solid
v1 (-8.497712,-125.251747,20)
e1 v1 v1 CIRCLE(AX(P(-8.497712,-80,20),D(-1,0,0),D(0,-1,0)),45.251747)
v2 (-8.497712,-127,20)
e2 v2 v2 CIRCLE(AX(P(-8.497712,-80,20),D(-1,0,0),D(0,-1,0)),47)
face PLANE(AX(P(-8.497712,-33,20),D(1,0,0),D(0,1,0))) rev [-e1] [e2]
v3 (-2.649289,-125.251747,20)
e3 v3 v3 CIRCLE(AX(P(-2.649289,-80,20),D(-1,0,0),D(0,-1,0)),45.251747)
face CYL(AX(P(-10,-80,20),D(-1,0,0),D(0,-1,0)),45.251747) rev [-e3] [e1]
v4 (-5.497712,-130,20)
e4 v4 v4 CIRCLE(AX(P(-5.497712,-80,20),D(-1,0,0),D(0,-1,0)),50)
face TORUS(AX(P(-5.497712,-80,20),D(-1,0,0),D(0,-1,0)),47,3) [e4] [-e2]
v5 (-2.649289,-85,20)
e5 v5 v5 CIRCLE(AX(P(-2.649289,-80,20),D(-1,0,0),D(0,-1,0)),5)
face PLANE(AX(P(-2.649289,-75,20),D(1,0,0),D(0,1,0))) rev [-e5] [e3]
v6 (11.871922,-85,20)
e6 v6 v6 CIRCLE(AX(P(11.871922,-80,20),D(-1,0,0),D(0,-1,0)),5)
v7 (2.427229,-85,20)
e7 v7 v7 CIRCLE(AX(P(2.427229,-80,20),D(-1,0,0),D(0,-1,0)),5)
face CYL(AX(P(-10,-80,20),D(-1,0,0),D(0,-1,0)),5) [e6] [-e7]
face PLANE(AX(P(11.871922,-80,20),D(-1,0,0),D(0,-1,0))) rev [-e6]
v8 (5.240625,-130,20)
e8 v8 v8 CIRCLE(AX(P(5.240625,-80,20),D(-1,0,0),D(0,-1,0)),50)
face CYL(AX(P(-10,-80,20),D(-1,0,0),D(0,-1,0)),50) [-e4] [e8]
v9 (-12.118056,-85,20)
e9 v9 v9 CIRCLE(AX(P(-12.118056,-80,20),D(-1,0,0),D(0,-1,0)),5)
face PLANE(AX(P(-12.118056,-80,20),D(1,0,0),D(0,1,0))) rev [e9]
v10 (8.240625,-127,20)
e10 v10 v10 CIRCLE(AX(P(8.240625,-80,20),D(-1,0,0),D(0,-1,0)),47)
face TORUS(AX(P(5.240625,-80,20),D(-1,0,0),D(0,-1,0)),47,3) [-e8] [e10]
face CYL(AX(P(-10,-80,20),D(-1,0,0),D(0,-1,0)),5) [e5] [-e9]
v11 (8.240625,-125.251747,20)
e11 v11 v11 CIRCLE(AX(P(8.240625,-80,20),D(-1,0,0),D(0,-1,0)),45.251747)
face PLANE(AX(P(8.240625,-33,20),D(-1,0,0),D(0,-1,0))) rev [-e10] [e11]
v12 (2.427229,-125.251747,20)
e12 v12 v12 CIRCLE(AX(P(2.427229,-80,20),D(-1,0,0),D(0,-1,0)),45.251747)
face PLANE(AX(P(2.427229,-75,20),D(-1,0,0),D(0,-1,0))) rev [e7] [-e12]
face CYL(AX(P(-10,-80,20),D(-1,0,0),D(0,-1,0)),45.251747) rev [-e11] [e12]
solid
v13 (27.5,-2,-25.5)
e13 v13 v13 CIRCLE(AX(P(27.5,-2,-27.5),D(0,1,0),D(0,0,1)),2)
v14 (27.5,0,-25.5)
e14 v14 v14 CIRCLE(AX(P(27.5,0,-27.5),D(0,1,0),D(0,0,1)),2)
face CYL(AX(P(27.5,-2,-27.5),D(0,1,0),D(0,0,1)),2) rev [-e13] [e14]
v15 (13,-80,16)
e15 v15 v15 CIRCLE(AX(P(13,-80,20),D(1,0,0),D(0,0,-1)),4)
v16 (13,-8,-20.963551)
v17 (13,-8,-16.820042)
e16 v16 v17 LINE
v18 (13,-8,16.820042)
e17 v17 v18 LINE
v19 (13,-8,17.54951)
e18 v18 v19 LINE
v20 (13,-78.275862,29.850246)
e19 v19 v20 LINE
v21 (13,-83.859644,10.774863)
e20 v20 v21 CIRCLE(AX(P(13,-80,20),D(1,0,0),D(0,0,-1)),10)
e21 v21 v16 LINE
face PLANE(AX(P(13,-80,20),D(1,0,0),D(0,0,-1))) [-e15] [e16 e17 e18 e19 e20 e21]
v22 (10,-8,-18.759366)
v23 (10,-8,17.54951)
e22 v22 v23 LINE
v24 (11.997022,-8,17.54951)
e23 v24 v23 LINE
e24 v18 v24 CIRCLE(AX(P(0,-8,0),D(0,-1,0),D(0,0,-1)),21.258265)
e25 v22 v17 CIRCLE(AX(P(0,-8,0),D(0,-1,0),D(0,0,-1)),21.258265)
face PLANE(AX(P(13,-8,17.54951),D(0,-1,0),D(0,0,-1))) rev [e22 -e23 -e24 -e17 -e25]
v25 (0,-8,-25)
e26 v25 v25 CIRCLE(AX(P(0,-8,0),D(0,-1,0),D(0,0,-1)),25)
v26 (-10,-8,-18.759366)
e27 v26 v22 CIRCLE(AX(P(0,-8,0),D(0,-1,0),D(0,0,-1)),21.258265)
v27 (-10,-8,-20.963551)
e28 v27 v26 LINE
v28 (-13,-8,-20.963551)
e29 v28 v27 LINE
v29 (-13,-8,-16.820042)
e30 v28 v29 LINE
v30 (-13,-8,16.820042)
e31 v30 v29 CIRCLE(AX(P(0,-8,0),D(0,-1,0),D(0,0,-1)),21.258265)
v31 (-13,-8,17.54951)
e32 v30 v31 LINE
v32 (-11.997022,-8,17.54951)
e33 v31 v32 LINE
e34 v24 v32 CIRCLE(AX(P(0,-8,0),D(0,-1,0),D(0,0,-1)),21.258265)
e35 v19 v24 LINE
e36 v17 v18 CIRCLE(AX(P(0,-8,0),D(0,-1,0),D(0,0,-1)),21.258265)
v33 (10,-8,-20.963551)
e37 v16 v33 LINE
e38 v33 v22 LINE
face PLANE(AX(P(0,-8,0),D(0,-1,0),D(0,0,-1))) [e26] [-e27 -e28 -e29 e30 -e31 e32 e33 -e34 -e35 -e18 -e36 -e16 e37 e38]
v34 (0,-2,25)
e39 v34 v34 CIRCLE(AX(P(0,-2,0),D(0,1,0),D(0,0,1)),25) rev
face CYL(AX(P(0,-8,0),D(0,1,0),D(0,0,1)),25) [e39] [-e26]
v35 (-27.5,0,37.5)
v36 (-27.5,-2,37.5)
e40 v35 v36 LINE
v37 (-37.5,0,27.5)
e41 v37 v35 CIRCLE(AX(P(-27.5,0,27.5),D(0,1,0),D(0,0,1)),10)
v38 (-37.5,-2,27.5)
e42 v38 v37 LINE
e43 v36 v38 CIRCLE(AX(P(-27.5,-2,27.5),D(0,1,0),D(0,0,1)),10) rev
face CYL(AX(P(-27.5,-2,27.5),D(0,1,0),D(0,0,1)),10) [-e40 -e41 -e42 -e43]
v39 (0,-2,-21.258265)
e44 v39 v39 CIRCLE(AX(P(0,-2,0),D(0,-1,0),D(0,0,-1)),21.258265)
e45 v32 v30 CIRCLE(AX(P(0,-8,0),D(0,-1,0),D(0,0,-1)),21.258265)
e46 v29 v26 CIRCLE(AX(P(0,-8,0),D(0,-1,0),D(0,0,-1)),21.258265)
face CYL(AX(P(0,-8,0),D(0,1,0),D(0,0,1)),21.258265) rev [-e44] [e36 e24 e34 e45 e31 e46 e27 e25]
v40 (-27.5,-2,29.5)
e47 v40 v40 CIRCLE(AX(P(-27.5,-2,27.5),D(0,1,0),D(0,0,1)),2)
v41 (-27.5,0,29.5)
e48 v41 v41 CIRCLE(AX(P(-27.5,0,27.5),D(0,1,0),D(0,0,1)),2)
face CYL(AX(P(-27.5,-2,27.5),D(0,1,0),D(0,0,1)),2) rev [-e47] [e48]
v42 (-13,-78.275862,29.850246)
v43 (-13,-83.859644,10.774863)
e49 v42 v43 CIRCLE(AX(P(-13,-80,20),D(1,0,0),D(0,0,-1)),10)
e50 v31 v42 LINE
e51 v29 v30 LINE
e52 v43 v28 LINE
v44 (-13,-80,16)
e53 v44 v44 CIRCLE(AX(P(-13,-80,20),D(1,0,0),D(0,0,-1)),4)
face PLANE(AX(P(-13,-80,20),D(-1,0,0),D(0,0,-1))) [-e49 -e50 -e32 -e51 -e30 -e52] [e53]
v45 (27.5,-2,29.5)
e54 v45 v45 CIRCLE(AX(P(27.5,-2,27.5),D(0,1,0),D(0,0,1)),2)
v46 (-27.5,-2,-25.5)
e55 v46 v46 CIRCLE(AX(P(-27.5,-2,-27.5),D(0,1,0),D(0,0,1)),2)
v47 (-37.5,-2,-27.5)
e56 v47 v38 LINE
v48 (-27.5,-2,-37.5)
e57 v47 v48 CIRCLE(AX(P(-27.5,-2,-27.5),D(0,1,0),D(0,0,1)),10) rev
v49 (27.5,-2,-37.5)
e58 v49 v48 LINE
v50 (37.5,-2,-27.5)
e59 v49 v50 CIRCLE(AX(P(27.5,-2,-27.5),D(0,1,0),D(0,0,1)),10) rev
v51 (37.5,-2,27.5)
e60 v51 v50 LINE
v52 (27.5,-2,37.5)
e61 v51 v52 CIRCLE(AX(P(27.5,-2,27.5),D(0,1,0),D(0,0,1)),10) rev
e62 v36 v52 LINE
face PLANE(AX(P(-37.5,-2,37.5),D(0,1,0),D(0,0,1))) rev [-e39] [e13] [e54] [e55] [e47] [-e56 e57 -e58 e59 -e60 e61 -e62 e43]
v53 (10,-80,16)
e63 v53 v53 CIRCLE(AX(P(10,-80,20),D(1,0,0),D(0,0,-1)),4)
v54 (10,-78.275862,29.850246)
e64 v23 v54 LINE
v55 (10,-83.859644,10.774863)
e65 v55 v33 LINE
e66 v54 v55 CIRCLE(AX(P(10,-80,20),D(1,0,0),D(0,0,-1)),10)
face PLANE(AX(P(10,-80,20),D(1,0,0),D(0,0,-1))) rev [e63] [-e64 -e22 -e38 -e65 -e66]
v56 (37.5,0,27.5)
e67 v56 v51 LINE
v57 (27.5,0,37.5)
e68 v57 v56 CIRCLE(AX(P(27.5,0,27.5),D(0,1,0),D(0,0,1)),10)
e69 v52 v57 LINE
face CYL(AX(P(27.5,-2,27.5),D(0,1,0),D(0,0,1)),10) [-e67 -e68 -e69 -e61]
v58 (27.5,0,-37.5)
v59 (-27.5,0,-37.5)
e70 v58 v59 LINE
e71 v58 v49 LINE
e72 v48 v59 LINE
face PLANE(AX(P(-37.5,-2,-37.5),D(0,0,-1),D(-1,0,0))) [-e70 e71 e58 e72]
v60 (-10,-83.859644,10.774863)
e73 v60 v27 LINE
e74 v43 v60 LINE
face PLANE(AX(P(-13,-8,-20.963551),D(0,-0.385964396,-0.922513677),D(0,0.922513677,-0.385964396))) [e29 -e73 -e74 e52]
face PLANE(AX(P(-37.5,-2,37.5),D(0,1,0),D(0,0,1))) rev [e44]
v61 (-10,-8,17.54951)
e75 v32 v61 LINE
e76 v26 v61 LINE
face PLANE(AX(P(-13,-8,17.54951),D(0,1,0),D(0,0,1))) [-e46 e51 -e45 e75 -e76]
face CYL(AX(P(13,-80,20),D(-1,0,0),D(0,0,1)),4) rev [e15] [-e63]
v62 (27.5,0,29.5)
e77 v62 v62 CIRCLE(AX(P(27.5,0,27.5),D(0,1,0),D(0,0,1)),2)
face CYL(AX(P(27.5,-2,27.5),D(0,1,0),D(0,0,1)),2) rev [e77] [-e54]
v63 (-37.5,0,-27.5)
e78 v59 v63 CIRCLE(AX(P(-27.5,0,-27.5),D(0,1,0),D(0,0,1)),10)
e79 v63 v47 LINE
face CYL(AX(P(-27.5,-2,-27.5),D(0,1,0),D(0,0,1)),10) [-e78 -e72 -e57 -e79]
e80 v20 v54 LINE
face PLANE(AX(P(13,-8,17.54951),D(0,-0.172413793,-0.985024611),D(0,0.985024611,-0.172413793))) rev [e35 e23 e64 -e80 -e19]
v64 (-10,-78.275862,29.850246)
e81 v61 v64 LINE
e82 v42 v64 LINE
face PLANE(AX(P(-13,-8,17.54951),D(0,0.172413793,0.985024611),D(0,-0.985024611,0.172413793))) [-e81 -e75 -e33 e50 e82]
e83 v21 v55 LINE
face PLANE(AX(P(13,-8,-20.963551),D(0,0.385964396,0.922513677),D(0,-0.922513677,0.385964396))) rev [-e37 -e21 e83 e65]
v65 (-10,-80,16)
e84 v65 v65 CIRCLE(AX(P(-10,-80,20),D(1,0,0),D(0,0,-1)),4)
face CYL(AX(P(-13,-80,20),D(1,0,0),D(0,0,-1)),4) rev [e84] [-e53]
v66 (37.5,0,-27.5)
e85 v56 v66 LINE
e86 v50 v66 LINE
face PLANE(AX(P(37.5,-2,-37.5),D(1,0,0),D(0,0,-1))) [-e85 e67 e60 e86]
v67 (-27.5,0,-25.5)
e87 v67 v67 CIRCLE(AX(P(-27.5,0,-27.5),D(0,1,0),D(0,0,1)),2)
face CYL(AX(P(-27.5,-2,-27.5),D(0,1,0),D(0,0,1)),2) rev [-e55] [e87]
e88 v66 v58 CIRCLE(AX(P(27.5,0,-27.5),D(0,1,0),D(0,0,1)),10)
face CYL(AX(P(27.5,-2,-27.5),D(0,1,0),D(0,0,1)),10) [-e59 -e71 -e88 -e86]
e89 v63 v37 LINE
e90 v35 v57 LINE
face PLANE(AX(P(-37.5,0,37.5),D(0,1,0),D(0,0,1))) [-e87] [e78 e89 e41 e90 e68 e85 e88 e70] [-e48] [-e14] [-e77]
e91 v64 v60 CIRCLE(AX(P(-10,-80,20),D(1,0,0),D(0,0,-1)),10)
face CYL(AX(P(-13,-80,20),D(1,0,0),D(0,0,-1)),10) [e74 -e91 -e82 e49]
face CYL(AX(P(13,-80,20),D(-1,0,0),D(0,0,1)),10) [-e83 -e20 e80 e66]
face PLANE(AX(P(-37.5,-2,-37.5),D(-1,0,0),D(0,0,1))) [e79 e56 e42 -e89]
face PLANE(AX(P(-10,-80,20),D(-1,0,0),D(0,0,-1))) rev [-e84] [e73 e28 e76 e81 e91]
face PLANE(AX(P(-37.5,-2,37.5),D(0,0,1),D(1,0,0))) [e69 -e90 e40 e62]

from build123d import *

# Parameters (mm, degrees)
SKETCH1_W           = 75
SKETCH1_H           = 75
SKETCH1_R           = 2
BOSS_EXTRUDE1_DEPTH = 2
FILLET1_R           = 10
SKETCH2_R           = 25
SKETCH2_R_2         = 21.258264894
BOSS_EXTRUDE2_DEPTH = 6
BOSS_EXTRUDE3_START = 10
SKETCH3_R           = 4
BOSS_EXTRUDE3_DEPTH = 3


with BuildPart() as part:
    # Sketch1 → Boss-Extrude1 (new body)
    with BuildSketch(Plane(origin=(0, 0, 0), x_dir=(1, 0, 0), z_dir=(0, 1, 0))):
        Rectangle(SKETCH1_W, SKETCH1_H)
        with Locations((27.5, 27.5)):
            Circle(SKETCH1_R, mode=Mode.SUBTRACT)
        with Locations((27.5, -27.5)):
            Circle(SKETCH1_R, mode=Mode.SUBTRACT)
        with Locations((-27.5, -27.5)):
            Circle(SKETCH1_R, mode=Mode.SUBTRACT)
        with Locations((-27.5, 27.5)):
            Circle(SKETCH1_R, mode=Mode.SUBTRACT)
    extrude(amount=-BOSS_EXTRUDE1_DEPTH)

    # Fillet1
    fillet1_edges = [part.edges().sort_by_distance(p)[0] for p in [
        (-37.5, -1, -37.5),
        (37.5, -1, -37.5),
        (37.5, -1, 37.5),
        (-37.5, -1, 37.5),
    ]]
    fillet(fillet1_edges, radius=FILLET1_R)

    # Sketch2 → Boss-Extrude2 (add)
    with BuildSketch(Plane.XZ.offset(2)):
        Circle(SKETCH2_R)
        Circle(SKETCH2_R_2, mode=Mode.SUBTRACT)
    extrude(amount=BOSS_EXTRUDE2_DEPTH)

    # Sketch3 → Boss-Extrude3 (add)
    with BuildSketch(Plane(origin=(0, 0, 0), x_dir=(0, 0, -1), z_dir=(1, 0, 0)).offset(BOSS_EXTRUDE3_START)):
        with BuildLine():
            Line((-17.549509853, -8), (20.96355147, -8))
            Line((20.96355147, -8), (-10.774863226, -83.859643959))
            ThreePointArc((-10.774863226, -83.859643959), (-22.809331855, -89.597273286), (-29.850246108, -78.275862069))
            Line((-29.850246108, -78.275862069), (-17.549509853, -8))
        make_face()
        with Locations((-20, -80)):
            Circle(SKETCH3_R, mode=Mode.SUBTRACT)
    boss_extrude3 = extrude(amount=BOSS_EXTRUDE3_DEPTH)

    # Mirror1: Boss-Extrude3 across plane
    add(boss_extrude3.mirror(Plane(origin=(0, 0, 0), x_dir=(0, 0, 1), z_dir=(1, 0, 0))))


with BuildPart() as body_2:
    # Sketch4 → Revolve1 (revolve)
    with BuildSketch(Plane.XY.offset(20)):
        with BuildLine():
            Line((2.427228953, -34.748253365), (8.240625297, -34.748253365))
            Line((8.240625297, -34.748253365), (8.240625297, -33))
            ThreePointArc((8.240625297, -33), (7.361945641, -30.878679656), (5.240625297, -30))
            Line((5.240625297, -30), (-5.497712052, -30))
            ThreePointArc((-5.497712052, -30), (-7.619032396, -30.878679656), (-8.497712052, -33))
            Line((-8.497712052, -33), (-8.497712052, -34.748253365))
            Line((-8.497712052, -34.748253365), (-2.649289123, -34.748253365))
            Line((-2.649289123, -34.748253365), (-2.649289123, -75))
            Line((-2.649289123, -75), (-12.118055879, -75))
            Line((-12.118055879, -75), (-12.118055879, -80))
            Line((-12.118055879, -80), (11.871921874, -80))
            Line((11.871921874, -80), (11.871921874, -75))
            Line((11.871921874, -75), (2.427228953, -75))
            Line((2.427228953, -75), (2.427228953, -34.748253365))
        make_face()
    revolve(axis=Axis((-10, -80, 20), (1, 0, 0)))


solid = Compound([part.part, body_2.part])
